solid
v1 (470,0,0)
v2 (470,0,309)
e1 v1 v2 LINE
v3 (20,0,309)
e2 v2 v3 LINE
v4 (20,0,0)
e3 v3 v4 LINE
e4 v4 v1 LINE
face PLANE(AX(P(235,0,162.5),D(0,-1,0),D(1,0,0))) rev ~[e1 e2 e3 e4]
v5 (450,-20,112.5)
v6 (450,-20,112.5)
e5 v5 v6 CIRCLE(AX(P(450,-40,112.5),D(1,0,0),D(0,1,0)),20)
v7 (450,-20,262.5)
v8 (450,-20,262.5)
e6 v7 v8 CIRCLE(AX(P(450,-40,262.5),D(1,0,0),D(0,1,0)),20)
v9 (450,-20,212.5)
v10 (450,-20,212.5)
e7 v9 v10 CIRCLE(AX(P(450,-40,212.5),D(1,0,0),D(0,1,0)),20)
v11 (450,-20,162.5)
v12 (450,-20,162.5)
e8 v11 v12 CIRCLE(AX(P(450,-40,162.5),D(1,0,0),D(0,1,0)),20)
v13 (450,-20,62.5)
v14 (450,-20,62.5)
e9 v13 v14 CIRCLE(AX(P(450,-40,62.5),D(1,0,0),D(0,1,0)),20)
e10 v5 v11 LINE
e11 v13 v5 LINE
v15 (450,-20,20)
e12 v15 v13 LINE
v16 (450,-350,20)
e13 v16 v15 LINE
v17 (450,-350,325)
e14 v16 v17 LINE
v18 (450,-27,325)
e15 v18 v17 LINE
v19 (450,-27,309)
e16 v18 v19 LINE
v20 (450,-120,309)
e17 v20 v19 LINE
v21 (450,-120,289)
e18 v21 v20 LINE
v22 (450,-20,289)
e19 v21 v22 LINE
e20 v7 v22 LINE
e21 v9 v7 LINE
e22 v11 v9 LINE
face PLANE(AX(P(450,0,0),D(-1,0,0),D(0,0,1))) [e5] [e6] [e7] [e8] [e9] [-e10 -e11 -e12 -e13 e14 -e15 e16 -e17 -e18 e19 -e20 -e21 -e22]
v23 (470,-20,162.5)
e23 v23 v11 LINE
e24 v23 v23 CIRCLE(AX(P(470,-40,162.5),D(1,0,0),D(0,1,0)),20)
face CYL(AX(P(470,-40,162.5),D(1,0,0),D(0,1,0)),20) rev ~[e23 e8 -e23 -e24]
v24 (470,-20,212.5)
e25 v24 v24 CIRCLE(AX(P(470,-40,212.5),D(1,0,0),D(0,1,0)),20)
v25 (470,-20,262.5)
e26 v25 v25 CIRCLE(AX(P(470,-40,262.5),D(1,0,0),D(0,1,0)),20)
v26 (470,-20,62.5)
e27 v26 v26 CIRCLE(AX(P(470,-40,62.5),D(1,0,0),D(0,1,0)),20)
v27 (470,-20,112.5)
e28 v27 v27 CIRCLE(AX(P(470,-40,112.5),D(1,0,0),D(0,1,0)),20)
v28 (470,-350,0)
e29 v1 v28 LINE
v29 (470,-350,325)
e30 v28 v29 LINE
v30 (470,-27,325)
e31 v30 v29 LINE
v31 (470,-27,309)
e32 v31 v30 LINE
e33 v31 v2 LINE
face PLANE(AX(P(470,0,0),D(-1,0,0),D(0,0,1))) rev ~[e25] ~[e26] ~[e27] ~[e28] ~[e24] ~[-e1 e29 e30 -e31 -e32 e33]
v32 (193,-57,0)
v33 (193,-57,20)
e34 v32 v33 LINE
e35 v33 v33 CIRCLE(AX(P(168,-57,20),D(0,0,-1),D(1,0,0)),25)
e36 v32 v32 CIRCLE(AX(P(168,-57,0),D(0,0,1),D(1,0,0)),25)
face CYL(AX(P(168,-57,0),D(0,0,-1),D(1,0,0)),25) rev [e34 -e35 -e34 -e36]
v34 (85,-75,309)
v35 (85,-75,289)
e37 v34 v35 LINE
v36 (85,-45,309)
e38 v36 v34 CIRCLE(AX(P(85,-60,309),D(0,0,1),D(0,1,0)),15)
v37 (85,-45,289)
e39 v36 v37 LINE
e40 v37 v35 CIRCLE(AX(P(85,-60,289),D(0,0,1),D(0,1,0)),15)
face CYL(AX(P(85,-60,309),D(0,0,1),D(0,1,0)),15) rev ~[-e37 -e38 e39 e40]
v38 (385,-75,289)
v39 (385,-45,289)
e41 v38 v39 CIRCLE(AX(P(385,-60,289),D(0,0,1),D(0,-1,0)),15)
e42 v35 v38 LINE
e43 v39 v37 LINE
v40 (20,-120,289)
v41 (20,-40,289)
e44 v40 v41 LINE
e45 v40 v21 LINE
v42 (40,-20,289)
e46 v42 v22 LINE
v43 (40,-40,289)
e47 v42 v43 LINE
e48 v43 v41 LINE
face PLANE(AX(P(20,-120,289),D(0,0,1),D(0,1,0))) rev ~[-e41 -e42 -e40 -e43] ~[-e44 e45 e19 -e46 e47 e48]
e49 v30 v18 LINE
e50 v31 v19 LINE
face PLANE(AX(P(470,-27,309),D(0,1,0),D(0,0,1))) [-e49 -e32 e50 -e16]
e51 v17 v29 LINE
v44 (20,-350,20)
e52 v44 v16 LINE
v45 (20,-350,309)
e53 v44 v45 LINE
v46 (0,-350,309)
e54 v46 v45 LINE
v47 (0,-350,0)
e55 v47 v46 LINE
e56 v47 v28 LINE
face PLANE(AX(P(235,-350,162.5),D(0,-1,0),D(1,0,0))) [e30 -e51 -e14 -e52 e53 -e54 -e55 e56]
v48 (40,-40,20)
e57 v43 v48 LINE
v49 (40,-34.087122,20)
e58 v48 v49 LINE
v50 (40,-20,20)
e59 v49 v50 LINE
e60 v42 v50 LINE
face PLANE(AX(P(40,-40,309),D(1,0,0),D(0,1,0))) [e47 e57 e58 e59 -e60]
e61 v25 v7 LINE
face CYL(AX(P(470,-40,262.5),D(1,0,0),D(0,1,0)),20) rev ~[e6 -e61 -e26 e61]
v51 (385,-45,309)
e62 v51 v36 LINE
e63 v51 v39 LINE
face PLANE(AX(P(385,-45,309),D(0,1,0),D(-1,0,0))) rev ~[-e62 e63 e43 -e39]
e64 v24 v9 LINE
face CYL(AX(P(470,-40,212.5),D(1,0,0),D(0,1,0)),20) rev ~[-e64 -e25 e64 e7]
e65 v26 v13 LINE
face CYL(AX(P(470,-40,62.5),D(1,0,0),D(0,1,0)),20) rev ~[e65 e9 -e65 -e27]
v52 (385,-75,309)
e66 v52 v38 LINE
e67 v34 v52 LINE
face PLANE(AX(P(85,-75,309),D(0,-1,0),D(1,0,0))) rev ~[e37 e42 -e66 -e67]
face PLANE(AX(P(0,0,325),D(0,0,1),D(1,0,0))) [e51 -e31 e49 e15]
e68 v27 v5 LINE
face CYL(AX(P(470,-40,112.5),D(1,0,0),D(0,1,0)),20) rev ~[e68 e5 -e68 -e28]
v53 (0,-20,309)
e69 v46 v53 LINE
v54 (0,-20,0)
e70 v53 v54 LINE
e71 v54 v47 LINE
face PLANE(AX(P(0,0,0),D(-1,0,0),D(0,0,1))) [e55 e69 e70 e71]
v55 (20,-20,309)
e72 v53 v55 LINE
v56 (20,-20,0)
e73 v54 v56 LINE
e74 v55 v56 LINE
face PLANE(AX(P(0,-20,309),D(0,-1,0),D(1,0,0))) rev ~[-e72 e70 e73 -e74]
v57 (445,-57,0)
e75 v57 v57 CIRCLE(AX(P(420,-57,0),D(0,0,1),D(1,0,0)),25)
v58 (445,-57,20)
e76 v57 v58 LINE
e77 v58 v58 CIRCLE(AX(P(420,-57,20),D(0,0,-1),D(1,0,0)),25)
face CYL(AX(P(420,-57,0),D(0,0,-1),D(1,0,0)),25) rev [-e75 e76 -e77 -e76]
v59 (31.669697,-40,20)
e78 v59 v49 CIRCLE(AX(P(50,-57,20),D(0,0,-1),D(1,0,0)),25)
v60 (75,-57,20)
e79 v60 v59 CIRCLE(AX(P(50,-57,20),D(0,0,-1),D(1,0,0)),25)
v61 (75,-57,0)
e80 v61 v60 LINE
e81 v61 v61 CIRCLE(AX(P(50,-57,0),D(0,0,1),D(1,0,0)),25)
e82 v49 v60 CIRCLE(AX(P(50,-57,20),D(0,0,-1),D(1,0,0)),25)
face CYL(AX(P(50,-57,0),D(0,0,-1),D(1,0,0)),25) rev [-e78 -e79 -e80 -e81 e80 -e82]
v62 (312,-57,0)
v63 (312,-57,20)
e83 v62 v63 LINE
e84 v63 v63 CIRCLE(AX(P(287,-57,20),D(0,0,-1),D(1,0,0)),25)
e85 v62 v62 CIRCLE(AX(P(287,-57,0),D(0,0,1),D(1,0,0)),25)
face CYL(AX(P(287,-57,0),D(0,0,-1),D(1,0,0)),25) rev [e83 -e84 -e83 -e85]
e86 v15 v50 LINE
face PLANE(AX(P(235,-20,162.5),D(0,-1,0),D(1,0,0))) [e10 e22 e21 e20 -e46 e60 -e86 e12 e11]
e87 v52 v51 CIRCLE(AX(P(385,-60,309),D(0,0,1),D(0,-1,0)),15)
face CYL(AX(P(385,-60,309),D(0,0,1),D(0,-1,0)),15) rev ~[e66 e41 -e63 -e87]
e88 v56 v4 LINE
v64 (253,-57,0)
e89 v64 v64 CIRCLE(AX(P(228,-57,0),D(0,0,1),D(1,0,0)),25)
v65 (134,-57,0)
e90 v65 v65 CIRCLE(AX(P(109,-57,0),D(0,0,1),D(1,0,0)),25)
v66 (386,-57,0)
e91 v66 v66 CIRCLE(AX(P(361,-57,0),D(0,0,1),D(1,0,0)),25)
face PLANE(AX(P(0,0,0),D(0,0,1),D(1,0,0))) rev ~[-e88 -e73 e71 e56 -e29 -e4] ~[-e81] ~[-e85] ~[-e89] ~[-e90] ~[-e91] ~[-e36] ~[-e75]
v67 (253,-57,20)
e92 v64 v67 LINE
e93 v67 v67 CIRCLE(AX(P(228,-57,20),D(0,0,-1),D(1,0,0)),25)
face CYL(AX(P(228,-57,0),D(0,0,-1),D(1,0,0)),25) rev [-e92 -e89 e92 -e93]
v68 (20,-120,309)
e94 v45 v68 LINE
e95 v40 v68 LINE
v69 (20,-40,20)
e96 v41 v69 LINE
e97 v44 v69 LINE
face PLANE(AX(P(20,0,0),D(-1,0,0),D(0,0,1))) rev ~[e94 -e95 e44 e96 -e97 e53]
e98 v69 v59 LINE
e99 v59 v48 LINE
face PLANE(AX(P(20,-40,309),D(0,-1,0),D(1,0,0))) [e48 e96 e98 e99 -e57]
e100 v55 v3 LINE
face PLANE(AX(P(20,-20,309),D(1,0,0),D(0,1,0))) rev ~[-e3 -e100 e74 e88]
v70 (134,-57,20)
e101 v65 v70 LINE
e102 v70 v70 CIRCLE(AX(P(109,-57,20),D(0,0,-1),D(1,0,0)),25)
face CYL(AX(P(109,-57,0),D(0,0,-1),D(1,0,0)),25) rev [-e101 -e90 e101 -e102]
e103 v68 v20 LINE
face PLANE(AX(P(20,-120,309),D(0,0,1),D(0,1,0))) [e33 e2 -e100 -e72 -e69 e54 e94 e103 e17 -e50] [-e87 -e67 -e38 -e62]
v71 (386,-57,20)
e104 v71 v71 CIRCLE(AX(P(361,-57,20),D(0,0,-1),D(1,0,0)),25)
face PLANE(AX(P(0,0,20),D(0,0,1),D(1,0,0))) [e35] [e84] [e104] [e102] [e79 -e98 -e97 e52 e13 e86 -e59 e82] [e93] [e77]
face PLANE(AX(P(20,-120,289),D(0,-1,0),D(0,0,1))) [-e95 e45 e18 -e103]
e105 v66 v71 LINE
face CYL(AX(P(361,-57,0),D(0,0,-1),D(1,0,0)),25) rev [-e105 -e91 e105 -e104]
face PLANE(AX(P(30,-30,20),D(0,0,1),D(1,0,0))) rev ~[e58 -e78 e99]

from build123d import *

# Parameters (mm, degrees)
F0_W      = 470
F0_H      = 325
F1_DEPTH  = 350
F2_T      = -20
F3_W      = 27
F3_H      = 16
F4_DEPTH  = 470.001
F5_R      = 25
F6_DEPTH  = 325.001
F7_R      = 20
F8_DEPTH  = 20
F9_W      = 20
F9_H      = 16
F10_DEPTH = 323.001
F11_W     = 20
F11_H     = 20
F12_DEPTH = 289
F13_W     = 20
F13_H     = 20
F14_DEPTH = 309.001
F15_W     = 100
F15_H     = 20
F16_DEPTH = 430
F18_DEPTH = 20


with BuildPart() as f1:
    # F0 (on Front) → F1 (new body)
    with BuildSketch(Plane.XZ):
        with Locations((235, 162.5)):
            Rectangle(F0_W, F0_H)
    extrude(amount=F1_DEPTH)

    # F2
    f2_openings = [f1.faces().sort_by_distance(p)[0] for p in [
        (235, -350, 162.5),
        (235, -175, 325),
    ]]
    offset(amount=F2_T, openings=f2_openings)

    # F3 (on face) → F4 (cut, through all)
    with BuildSketch(Plane.YZ.offset(470)):
        with Locations((-13.5, 317)):
            Rectangle(F3_W, F3_H)
    extrude(amount=-F4_DEPTH, mode=Mode.SUBTRACT)

    # F5 (on Top) → F6 (cut, through all)
    with BuildSketch(Plane.XY):
        with Locations((50, -57)):
            Circle(F5_R)
        with Locations((109, -57)):
            Circle(F5_R)
        with Locations((168, -57)):
            Circle(F5_R)
        with Locations((361, -57)):
            Circle(F5_R)
        with Locations((420, -57)):
            Circle(F5_R)
        with Locations((228, -57)):
            Circle(F5_R)
        with Locations((287, -57)):
            Circle(F5_R)
    extrude(amount=F6_DEPTH, mode=Mode.SUBTRACT)

    # F7 (on face) → F8 (cut, through all)
    with BuildSketch(Plane.YZ.offset(470)):
        with Locations((-40, 62.5)):
            Circle(F7_R)
        with BuildLine():
            ThreePointArc((-60, 162.5), (-40, 142.5), (-20, 162.5))
            ThreePointArc((-20, 162.5), (-40, 182.5), (-60, 162.5))
        make_face()
        with Locations((-40, 212.5)):
            Circle(F7_R)
        with Locations((-40, 262.5)):
            Circle(F7_R)
        with Locations((-40, 112.5)):
            Circle(F7_R)
    extrude(amount=-F8_DEPTH, mode=Mode.SUBTRACT)

    # F9 (on face) → F10 (cut, through all)
    with BuildSketch(Plane(origin=(0, -27, 0), x_dir=(-1, 0, 0), z_dir=(0, 1, 0))):
        with Locations((-10, 317)):
            Rectangle(F9_W, F9_H)
    extrude(amount=-F10_DEPTH, mode=Mode.SUBTRACT)

    # F11 (on face) → F12 (join, through all)
    with BuildSketch(Plane.XY.offset(309)):
        with Locations((30, -30)):
            Rectangle(F11_W, F11_H)
    extrude(amount=-F12_DEPTH)

    # F13 (on face) → F14 (cut, through all)
    with BuildSketch(Plane.XY.offset(309)):
        with Locations((10, -10)):
            Rectangle(F13_W, F13_H)
    extrude(amount=-F14_DEPTH, mode=Mode.SUBTRACT)

    # F15 (on face) → F16 (join, through all)
    with BuildSketch(Plane.YZ.offset(20)):
        with Locations((-70, 299)):
            Rectangle(F15_W, F15_H)
    extrude(amount=F16_DEPTH)

    # F17 (on face) → F18 (cut, through all)
    with BuildSketch(Plane.XY.offset(309)):
        with BuildLine():
            Line((85, -60), (85, -45))
            ThreePointArc((85, -45), (70, -60), (85, -75))
            Line((85, -75), (85, -60))
        make_face()
        Polygon((235, -45), (85, -45), (85, -60), (85, -75), (235, -75), align=None)
        with BuildLine():
            Line((385, -45), (235, -45))
            Line((235, -45), (235, -75))
            Line((235, -75), (385, -75))
            ThreePointArc((385, -75), (400, -60), (385, -45))
        make_face()
    extrude(amount=-F18_DEPTH, mode=Mode.SUBTRACT)


solid = f1.part
